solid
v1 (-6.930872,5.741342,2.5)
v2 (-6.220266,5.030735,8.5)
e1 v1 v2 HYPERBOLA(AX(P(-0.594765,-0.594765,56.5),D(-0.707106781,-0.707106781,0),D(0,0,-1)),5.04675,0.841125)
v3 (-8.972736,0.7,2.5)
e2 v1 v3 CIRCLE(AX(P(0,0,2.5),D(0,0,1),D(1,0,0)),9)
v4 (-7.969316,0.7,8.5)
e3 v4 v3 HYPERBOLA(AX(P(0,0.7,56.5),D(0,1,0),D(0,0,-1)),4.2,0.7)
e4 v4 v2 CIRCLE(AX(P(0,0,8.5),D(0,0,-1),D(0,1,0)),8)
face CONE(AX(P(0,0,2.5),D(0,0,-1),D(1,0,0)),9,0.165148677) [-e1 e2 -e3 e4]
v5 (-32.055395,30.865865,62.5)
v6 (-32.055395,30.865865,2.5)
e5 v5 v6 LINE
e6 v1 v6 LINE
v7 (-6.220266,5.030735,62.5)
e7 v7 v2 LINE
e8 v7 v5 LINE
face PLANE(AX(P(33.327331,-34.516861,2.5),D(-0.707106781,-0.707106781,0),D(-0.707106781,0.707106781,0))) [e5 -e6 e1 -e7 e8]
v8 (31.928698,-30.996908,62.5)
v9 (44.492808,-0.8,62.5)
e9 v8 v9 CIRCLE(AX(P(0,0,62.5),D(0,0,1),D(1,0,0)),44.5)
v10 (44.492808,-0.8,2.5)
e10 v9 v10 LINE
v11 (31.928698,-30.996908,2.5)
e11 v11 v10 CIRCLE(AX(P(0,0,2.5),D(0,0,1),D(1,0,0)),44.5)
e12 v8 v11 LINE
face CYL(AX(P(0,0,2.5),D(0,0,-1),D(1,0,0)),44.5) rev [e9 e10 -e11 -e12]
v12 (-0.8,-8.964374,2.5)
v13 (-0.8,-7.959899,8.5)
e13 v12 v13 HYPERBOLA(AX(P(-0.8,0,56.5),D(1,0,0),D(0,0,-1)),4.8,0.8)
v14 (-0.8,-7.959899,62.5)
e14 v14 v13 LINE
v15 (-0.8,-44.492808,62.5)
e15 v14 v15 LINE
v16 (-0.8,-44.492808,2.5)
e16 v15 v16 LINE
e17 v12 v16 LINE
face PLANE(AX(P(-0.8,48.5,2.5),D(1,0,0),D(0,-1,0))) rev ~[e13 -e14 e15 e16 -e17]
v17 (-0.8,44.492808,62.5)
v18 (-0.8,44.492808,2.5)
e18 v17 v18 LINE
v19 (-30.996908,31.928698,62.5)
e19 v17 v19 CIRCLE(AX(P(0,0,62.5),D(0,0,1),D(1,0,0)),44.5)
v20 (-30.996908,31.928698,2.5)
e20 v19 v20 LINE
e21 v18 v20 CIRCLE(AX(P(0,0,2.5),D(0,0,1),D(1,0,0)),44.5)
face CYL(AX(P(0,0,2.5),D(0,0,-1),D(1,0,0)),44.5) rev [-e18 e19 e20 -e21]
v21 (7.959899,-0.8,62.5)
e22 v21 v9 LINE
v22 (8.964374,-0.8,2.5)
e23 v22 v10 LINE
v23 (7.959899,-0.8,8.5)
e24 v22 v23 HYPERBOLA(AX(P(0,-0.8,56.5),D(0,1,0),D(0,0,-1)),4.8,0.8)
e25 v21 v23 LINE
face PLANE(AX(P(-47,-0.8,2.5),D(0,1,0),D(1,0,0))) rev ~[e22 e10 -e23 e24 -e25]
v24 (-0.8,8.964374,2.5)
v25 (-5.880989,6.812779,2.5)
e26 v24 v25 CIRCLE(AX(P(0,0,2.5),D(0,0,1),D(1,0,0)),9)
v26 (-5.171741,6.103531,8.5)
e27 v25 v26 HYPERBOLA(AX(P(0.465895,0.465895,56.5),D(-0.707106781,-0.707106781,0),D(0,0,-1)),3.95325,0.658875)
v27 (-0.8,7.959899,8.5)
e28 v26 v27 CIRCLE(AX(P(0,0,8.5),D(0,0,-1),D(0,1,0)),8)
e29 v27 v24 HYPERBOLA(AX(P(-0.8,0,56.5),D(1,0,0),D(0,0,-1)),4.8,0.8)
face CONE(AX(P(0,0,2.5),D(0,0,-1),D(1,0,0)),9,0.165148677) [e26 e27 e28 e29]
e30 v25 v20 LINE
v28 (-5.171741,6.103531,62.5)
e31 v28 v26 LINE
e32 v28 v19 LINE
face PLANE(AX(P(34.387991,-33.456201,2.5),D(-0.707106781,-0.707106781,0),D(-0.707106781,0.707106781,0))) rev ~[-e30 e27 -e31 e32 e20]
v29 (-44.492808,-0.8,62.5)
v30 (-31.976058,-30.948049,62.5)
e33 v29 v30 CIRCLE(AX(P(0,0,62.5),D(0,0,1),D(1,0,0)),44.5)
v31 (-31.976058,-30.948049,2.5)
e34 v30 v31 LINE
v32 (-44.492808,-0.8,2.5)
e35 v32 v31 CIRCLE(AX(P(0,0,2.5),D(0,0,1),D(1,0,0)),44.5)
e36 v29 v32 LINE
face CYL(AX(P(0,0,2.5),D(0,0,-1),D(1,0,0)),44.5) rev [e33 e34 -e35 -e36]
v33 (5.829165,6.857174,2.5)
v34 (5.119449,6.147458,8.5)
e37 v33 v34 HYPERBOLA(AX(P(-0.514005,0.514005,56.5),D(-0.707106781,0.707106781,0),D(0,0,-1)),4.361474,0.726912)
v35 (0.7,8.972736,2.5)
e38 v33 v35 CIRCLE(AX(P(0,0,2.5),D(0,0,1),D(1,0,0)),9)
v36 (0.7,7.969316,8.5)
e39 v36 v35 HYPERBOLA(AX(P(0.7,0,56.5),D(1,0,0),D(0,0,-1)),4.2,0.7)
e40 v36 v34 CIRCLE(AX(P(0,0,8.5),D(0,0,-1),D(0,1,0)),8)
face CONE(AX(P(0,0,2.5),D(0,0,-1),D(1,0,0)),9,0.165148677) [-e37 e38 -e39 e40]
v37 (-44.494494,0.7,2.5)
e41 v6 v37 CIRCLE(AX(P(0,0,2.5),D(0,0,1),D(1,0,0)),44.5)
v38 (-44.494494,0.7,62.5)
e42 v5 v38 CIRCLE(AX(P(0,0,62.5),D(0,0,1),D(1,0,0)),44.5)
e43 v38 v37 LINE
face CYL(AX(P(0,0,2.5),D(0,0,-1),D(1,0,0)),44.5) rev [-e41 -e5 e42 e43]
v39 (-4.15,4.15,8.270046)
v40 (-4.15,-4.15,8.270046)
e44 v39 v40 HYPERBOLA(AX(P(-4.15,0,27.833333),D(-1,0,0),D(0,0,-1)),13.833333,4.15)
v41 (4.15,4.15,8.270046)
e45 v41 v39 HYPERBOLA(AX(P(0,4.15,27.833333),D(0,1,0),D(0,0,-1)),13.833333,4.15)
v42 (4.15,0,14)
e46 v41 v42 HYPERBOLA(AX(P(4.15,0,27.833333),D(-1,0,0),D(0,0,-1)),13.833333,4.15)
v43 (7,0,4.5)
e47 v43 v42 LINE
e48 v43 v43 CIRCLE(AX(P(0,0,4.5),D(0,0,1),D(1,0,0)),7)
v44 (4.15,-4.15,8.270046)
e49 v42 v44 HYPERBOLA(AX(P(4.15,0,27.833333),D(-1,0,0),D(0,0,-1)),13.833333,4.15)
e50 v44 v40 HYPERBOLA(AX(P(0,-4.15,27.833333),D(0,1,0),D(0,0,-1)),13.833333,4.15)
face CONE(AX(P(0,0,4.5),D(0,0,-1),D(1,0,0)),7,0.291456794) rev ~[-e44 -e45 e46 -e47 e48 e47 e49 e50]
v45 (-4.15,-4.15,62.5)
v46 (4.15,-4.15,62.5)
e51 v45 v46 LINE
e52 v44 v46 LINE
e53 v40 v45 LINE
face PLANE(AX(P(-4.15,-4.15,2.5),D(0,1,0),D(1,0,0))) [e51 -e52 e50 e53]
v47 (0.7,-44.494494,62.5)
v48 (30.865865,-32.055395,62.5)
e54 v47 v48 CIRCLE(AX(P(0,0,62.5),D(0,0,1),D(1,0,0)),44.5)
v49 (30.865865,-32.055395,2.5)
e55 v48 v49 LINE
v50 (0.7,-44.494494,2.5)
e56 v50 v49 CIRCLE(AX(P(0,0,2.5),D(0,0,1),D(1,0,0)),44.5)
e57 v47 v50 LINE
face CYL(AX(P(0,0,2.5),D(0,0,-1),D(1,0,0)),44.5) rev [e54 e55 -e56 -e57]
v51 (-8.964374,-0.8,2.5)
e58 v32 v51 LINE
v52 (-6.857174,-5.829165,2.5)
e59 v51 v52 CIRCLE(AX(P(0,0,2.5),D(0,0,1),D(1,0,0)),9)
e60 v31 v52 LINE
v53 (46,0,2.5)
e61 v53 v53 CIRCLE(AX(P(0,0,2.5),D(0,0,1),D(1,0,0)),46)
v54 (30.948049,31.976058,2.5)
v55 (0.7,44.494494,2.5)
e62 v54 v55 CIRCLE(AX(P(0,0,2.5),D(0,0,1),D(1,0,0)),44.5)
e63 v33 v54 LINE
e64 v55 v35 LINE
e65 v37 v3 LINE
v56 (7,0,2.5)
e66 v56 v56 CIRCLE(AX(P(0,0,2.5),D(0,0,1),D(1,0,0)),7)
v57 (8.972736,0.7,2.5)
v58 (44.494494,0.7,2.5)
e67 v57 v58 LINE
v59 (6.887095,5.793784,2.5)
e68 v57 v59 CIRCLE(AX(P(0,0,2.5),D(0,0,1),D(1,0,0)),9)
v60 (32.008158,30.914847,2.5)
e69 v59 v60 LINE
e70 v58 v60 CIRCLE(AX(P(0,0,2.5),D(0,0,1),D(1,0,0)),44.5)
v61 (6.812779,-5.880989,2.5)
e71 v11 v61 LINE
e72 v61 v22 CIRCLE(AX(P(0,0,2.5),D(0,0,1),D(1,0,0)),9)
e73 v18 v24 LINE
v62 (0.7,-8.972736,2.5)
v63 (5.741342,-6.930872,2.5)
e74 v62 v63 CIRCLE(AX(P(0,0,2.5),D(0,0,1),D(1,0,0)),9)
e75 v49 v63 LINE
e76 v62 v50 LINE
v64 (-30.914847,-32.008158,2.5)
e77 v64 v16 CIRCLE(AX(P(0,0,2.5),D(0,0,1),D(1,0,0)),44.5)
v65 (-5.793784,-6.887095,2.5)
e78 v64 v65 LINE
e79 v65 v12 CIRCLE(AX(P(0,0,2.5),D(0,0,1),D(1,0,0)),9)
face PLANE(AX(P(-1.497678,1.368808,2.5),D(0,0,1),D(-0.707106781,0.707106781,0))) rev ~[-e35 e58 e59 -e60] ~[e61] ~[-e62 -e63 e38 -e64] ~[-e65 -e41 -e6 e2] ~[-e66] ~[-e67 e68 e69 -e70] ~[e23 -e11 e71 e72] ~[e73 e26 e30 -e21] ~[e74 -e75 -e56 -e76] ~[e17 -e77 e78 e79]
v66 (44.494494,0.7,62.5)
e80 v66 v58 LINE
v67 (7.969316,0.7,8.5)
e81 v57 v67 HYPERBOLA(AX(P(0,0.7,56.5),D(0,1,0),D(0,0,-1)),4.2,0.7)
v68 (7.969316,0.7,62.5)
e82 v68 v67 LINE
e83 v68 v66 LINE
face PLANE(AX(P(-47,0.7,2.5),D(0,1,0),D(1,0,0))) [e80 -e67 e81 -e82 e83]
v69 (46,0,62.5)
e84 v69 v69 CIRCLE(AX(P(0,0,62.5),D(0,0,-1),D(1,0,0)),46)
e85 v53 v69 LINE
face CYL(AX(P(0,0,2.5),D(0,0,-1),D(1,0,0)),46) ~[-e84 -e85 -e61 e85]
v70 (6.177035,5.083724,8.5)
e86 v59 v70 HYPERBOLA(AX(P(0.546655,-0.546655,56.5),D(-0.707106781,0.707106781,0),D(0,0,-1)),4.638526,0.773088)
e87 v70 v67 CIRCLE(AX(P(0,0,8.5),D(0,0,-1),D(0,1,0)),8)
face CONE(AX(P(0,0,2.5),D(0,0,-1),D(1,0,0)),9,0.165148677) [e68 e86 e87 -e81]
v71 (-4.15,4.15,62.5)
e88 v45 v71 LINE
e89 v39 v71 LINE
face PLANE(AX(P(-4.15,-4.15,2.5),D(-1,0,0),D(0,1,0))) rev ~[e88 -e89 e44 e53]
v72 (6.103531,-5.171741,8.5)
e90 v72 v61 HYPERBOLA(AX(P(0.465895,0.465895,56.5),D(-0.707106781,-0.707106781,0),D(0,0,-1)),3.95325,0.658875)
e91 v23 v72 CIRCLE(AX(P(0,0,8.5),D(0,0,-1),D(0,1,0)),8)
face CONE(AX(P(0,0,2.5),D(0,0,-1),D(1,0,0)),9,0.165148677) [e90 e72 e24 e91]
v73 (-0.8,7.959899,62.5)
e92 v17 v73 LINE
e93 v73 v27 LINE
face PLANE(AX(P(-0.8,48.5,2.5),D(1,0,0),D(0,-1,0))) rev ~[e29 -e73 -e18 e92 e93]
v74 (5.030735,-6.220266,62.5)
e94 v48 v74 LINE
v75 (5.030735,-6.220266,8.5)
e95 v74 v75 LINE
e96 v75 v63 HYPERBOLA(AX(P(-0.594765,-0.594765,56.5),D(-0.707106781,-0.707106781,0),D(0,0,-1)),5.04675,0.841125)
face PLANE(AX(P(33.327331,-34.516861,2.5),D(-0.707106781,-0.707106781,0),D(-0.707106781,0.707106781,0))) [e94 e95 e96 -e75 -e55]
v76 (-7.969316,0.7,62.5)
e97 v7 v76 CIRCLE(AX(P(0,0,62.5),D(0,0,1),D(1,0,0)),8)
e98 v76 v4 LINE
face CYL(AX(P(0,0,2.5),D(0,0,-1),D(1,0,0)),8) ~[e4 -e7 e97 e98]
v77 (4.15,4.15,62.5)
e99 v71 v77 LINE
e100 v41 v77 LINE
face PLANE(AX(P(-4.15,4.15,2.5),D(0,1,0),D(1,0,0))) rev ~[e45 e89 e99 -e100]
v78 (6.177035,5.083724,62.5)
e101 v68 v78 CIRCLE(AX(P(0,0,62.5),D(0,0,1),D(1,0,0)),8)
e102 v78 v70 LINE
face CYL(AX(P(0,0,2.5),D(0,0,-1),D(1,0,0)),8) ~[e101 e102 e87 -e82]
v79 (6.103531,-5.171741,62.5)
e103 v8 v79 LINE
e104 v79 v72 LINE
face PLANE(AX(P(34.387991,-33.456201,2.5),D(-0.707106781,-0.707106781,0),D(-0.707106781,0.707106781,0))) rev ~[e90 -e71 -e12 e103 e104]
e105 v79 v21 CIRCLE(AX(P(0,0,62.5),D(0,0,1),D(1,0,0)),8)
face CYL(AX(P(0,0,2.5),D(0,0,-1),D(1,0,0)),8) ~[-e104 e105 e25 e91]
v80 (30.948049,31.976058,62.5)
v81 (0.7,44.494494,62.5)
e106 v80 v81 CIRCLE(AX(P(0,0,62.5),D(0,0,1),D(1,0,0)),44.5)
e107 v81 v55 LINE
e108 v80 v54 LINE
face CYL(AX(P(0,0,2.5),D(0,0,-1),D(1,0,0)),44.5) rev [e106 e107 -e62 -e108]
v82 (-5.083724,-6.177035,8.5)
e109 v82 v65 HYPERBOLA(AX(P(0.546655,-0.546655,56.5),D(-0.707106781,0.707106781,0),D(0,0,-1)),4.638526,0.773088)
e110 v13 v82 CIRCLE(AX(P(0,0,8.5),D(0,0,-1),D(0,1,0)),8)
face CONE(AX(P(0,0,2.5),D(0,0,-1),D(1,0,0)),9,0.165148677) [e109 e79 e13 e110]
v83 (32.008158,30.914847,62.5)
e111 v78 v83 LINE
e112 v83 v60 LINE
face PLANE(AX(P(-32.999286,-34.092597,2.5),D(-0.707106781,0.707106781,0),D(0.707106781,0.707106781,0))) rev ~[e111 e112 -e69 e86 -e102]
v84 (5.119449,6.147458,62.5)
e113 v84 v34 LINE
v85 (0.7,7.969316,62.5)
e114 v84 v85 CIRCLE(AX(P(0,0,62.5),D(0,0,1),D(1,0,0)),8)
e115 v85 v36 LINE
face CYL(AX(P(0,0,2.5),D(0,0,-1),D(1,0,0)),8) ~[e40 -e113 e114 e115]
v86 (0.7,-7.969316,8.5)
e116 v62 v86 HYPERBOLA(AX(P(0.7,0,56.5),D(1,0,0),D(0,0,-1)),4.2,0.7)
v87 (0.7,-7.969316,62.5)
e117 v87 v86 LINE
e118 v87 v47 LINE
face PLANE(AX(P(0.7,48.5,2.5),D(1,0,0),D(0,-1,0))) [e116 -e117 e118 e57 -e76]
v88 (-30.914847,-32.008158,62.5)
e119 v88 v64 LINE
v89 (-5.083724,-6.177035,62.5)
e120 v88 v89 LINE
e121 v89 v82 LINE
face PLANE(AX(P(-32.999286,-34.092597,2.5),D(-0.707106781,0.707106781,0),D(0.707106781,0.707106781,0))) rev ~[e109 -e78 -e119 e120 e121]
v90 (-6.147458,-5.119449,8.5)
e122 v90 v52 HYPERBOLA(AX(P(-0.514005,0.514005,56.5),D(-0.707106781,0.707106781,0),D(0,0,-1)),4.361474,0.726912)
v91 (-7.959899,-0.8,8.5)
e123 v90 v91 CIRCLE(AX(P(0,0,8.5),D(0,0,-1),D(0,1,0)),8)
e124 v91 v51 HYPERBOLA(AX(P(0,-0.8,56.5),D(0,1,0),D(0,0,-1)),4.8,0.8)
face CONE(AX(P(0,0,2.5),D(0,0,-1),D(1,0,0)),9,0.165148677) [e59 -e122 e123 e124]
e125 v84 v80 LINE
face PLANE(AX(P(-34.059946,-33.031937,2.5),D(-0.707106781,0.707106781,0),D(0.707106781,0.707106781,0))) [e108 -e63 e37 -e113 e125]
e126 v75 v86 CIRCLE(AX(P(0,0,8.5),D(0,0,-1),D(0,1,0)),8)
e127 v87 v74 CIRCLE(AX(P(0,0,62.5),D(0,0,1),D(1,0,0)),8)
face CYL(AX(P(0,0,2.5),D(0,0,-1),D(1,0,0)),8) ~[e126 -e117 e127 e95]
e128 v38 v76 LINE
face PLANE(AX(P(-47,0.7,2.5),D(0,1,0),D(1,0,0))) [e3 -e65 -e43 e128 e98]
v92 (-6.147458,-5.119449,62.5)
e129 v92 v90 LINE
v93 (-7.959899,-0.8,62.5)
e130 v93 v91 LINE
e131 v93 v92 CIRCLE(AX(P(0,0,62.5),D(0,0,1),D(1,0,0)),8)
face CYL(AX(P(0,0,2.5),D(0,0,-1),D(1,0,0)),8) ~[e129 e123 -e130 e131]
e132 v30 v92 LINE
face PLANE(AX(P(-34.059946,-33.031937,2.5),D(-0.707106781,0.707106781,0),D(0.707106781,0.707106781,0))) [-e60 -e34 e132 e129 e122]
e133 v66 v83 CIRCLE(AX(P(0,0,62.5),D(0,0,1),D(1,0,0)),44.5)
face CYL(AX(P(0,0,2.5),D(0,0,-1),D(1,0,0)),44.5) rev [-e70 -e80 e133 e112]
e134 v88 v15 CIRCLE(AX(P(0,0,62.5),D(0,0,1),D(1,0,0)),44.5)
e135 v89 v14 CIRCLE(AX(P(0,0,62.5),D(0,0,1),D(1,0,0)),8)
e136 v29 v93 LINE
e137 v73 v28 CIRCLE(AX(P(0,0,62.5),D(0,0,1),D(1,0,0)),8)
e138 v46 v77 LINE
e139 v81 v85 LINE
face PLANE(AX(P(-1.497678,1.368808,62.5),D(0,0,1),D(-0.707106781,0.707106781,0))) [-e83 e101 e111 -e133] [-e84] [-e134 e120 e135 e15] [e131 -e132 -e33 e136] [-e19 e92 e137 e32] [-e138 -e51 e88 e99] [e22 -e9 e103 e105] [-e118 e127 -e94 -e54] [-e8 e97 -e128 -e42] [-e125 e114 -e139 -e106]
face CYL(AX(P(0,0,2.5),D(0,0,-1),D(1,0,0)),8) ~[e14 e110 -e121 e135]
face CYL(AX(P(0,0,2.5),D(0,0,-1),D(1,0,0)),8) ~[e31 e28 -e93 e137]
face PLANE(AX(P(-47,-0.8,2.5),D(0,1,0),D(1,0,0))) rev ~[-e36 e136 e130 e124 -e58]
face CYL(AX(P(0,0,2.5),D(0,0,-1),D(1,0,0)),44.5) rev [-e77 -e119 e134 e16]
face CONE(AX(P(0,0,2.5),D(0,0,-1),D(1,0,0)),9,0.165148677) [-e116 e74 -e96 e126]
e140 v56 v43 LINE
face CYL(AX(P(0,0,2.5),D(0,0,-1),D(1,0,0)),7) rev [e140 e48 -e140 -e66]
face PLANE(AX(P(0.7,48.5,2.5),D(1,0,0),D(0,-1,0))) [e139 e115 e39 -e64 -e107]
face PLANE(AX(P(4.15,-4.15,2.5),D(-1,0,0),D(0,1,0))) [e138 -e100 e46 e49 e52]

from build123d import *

# Parameters (mm, degrees)
CYLINDER014_R          = 7
CYLINDER014_DEPTH      = 2
TUBE015_R              = 60
TUBE015_R_2            = 46
TUBE015_DEPTH          = 60
BOX004_W               = 8.3
BOX004_H               = 8.3
BOX004_DEPTH           = 60
BOX003_W               = 100
BOX003_H               = 1.5
BOX003_DEPTH           = 60
CYLINDER001_R          = 8
CYLINDER001_DEPTH      = 60
TUBE_R                 = 46
TUBE_R_2               = 44.5
TUBE_DEPTH             = 60
BOX024_W               = 100
BOX024_H               = 1.5
BOX024_DEPTH           = 60
BOX024_PLACEMENT_ANGLE = 45
BOX025_W               = 100
BOX025_H               = 1.5
BOX025_DEPTH           = 60
BOX025_PLACEMENT_ANGLE = 135
BOX_W                  = 100
BOX_H                  = 1.5
BOX_DEPTH              = 60


with BuildPart() as cone:
    # Cone → Cone (revolve)
    with BuildSketch(Plane(origin=(0, 0, 2), x_dir=(1, 0, 0), z_dir=(0, -1, 0))):
        Polygon((0, 0), (7, 0), (4, 10), (0, 10), align=None)
    revolve(axis=Axis((0, 0, 2), (0, 0, 1)))


with BuildPart() as cylinder014:
    # Cylinder014 → Cylinder014 (new body)
    with BuildSketch(Plane.XY):
        Circle(CYLINDER014_R)
    extrude(amount=CYLINDER014_DEPTH)


with BuildPart() as tube015:
    # Tube015 → Tube015 (new body)
    with BuildSketch(Plane.XY):
        Circle(TUBE015_R)
        Circle(TUBE015_R_2, mode=Mode.SUBTRACT)
    extrude(amount=TUBE015_DEPTH)


with BuildPart() as fusion001:
    # Box004 → Box004 (new body)
    with BuildSketch(Plane(origin=(-4.15, -4.15, 0), x_dir=(1, 0, 0), z_dir=(0, 0, 1))):
        with Locations((4.15, 4.15)):
            Rectangle(BOX004_W, BOX004_H)
    extrude(amount=BOX004_DEPTH)

    # Fusion001: union Cone, Cylinder014, Tube015
    add(cone.part)
    add(cylinder014.part)
    add(tube015.part)


with BuildPart() as cube003:
    # Box003 → Box003 (new body)
    with BuildSketch(Plane(origin=(-0.8, 48.5, 0), x_dir=(0, -1, 0), z_dir=(0, 0, 1))):
        with Locations((50, 0.75)):
            Rectangle(BOX003_W, BOX003_H)
    extrude(amount=BOX003_DEPTH)


with BuildPart() as cylinder001:
    # Cylinder001 → Cylinder001 (new body)
    with BuildSketch(Plane.XY):
        Circle(CYLINDER001_R)
    extrude(amount=CYLINDER001_DEPTH)


with BuildPart() as tube:
    # Tube → Tube (new body)
    with BuildSketch(Plane.XY):
        Circle(TUBE_R)
        Circle(TUBE_R_2, mode=Mode.SUBTRACT)
    extrude(amount=TUBE_DEPTH)


with BuildPart() as cone001:
    # Cone001 → Cone001 (revolve)
    with BuildSketch(Plane.XZ):
        Polygon((0, 0), (9, 0), (4, 30), (0, 30), align=None)
    revolve(axis=Axis((0, 0, 0), (0, 0, 1)))


with BuildPart() as cube024:
    # Box024 → Box024 (new body)
    with BuildSketch(Plane.XY):
        with Locations((50, 0.75)):
            Rectangle(BOX024_W, BOX024_H)
    extrude(amount=BOX024_DEPTH)


with BuildPart() as cube024_1:
    # Box024 placement: moved
    add(cube024.part.moved(Location((-32.999286, -34.092597, 0))).rotate(Axis((-32.999286, -34.092597, 0), (0, 0, 1)), BOX024_PLACEMENT_ANGLE))


with BuildPart() as cube025:
    # Box025 → Box025 (new body)
    with BuildSketch(Plane.XY):
        with Locations((50, 0.75)):
            Rectangle(BOX025_W, BOX025_H)
    extrude(amount=BOX025_DEPTH)


with BuildPart() as cube025_1:
    # Box025 placement: moved
    add(cube025.part.moved(Location((34.387991, -33.456201, 0))).rotate(Axis((34.387991, -33.456201, 0), (0, 0, 1)), BOX025_PLACEMENT_ANGLE))


with BuildPart() as cut_vnutro:
    # Box → Box (new body)
    with BuildSketch(Plane(origin=(-47, -0.8, 0), x_dir=(1, 0, 0), z_dir=(0, 0, 1))):
        with Locations((50, 0.75)):
            Rectangle(BOX_W, BOX_H)
    extrude(amount=BOX_DEPTH)

    # Fusion: union Cube003, Cylinder001, Tube, Cone001, Cube024, Cube025
    add(cube003.part)
    add(cylinder001.part)
    add(tube.part)
    add(cone001.part)
    add(cube024_1.part)
    add(cube025_1.part)

    # Cut: cut Fusion001
    add(fusion001.part, mode=Mode.SUBTRACT)


with BuildPart() as cut_vnutro_1:
    # Cut placement: moved
    add(cut_vnutro.part.moved(Location((0, 0, 2.5))))


solid = cut_vnutro_1.part
